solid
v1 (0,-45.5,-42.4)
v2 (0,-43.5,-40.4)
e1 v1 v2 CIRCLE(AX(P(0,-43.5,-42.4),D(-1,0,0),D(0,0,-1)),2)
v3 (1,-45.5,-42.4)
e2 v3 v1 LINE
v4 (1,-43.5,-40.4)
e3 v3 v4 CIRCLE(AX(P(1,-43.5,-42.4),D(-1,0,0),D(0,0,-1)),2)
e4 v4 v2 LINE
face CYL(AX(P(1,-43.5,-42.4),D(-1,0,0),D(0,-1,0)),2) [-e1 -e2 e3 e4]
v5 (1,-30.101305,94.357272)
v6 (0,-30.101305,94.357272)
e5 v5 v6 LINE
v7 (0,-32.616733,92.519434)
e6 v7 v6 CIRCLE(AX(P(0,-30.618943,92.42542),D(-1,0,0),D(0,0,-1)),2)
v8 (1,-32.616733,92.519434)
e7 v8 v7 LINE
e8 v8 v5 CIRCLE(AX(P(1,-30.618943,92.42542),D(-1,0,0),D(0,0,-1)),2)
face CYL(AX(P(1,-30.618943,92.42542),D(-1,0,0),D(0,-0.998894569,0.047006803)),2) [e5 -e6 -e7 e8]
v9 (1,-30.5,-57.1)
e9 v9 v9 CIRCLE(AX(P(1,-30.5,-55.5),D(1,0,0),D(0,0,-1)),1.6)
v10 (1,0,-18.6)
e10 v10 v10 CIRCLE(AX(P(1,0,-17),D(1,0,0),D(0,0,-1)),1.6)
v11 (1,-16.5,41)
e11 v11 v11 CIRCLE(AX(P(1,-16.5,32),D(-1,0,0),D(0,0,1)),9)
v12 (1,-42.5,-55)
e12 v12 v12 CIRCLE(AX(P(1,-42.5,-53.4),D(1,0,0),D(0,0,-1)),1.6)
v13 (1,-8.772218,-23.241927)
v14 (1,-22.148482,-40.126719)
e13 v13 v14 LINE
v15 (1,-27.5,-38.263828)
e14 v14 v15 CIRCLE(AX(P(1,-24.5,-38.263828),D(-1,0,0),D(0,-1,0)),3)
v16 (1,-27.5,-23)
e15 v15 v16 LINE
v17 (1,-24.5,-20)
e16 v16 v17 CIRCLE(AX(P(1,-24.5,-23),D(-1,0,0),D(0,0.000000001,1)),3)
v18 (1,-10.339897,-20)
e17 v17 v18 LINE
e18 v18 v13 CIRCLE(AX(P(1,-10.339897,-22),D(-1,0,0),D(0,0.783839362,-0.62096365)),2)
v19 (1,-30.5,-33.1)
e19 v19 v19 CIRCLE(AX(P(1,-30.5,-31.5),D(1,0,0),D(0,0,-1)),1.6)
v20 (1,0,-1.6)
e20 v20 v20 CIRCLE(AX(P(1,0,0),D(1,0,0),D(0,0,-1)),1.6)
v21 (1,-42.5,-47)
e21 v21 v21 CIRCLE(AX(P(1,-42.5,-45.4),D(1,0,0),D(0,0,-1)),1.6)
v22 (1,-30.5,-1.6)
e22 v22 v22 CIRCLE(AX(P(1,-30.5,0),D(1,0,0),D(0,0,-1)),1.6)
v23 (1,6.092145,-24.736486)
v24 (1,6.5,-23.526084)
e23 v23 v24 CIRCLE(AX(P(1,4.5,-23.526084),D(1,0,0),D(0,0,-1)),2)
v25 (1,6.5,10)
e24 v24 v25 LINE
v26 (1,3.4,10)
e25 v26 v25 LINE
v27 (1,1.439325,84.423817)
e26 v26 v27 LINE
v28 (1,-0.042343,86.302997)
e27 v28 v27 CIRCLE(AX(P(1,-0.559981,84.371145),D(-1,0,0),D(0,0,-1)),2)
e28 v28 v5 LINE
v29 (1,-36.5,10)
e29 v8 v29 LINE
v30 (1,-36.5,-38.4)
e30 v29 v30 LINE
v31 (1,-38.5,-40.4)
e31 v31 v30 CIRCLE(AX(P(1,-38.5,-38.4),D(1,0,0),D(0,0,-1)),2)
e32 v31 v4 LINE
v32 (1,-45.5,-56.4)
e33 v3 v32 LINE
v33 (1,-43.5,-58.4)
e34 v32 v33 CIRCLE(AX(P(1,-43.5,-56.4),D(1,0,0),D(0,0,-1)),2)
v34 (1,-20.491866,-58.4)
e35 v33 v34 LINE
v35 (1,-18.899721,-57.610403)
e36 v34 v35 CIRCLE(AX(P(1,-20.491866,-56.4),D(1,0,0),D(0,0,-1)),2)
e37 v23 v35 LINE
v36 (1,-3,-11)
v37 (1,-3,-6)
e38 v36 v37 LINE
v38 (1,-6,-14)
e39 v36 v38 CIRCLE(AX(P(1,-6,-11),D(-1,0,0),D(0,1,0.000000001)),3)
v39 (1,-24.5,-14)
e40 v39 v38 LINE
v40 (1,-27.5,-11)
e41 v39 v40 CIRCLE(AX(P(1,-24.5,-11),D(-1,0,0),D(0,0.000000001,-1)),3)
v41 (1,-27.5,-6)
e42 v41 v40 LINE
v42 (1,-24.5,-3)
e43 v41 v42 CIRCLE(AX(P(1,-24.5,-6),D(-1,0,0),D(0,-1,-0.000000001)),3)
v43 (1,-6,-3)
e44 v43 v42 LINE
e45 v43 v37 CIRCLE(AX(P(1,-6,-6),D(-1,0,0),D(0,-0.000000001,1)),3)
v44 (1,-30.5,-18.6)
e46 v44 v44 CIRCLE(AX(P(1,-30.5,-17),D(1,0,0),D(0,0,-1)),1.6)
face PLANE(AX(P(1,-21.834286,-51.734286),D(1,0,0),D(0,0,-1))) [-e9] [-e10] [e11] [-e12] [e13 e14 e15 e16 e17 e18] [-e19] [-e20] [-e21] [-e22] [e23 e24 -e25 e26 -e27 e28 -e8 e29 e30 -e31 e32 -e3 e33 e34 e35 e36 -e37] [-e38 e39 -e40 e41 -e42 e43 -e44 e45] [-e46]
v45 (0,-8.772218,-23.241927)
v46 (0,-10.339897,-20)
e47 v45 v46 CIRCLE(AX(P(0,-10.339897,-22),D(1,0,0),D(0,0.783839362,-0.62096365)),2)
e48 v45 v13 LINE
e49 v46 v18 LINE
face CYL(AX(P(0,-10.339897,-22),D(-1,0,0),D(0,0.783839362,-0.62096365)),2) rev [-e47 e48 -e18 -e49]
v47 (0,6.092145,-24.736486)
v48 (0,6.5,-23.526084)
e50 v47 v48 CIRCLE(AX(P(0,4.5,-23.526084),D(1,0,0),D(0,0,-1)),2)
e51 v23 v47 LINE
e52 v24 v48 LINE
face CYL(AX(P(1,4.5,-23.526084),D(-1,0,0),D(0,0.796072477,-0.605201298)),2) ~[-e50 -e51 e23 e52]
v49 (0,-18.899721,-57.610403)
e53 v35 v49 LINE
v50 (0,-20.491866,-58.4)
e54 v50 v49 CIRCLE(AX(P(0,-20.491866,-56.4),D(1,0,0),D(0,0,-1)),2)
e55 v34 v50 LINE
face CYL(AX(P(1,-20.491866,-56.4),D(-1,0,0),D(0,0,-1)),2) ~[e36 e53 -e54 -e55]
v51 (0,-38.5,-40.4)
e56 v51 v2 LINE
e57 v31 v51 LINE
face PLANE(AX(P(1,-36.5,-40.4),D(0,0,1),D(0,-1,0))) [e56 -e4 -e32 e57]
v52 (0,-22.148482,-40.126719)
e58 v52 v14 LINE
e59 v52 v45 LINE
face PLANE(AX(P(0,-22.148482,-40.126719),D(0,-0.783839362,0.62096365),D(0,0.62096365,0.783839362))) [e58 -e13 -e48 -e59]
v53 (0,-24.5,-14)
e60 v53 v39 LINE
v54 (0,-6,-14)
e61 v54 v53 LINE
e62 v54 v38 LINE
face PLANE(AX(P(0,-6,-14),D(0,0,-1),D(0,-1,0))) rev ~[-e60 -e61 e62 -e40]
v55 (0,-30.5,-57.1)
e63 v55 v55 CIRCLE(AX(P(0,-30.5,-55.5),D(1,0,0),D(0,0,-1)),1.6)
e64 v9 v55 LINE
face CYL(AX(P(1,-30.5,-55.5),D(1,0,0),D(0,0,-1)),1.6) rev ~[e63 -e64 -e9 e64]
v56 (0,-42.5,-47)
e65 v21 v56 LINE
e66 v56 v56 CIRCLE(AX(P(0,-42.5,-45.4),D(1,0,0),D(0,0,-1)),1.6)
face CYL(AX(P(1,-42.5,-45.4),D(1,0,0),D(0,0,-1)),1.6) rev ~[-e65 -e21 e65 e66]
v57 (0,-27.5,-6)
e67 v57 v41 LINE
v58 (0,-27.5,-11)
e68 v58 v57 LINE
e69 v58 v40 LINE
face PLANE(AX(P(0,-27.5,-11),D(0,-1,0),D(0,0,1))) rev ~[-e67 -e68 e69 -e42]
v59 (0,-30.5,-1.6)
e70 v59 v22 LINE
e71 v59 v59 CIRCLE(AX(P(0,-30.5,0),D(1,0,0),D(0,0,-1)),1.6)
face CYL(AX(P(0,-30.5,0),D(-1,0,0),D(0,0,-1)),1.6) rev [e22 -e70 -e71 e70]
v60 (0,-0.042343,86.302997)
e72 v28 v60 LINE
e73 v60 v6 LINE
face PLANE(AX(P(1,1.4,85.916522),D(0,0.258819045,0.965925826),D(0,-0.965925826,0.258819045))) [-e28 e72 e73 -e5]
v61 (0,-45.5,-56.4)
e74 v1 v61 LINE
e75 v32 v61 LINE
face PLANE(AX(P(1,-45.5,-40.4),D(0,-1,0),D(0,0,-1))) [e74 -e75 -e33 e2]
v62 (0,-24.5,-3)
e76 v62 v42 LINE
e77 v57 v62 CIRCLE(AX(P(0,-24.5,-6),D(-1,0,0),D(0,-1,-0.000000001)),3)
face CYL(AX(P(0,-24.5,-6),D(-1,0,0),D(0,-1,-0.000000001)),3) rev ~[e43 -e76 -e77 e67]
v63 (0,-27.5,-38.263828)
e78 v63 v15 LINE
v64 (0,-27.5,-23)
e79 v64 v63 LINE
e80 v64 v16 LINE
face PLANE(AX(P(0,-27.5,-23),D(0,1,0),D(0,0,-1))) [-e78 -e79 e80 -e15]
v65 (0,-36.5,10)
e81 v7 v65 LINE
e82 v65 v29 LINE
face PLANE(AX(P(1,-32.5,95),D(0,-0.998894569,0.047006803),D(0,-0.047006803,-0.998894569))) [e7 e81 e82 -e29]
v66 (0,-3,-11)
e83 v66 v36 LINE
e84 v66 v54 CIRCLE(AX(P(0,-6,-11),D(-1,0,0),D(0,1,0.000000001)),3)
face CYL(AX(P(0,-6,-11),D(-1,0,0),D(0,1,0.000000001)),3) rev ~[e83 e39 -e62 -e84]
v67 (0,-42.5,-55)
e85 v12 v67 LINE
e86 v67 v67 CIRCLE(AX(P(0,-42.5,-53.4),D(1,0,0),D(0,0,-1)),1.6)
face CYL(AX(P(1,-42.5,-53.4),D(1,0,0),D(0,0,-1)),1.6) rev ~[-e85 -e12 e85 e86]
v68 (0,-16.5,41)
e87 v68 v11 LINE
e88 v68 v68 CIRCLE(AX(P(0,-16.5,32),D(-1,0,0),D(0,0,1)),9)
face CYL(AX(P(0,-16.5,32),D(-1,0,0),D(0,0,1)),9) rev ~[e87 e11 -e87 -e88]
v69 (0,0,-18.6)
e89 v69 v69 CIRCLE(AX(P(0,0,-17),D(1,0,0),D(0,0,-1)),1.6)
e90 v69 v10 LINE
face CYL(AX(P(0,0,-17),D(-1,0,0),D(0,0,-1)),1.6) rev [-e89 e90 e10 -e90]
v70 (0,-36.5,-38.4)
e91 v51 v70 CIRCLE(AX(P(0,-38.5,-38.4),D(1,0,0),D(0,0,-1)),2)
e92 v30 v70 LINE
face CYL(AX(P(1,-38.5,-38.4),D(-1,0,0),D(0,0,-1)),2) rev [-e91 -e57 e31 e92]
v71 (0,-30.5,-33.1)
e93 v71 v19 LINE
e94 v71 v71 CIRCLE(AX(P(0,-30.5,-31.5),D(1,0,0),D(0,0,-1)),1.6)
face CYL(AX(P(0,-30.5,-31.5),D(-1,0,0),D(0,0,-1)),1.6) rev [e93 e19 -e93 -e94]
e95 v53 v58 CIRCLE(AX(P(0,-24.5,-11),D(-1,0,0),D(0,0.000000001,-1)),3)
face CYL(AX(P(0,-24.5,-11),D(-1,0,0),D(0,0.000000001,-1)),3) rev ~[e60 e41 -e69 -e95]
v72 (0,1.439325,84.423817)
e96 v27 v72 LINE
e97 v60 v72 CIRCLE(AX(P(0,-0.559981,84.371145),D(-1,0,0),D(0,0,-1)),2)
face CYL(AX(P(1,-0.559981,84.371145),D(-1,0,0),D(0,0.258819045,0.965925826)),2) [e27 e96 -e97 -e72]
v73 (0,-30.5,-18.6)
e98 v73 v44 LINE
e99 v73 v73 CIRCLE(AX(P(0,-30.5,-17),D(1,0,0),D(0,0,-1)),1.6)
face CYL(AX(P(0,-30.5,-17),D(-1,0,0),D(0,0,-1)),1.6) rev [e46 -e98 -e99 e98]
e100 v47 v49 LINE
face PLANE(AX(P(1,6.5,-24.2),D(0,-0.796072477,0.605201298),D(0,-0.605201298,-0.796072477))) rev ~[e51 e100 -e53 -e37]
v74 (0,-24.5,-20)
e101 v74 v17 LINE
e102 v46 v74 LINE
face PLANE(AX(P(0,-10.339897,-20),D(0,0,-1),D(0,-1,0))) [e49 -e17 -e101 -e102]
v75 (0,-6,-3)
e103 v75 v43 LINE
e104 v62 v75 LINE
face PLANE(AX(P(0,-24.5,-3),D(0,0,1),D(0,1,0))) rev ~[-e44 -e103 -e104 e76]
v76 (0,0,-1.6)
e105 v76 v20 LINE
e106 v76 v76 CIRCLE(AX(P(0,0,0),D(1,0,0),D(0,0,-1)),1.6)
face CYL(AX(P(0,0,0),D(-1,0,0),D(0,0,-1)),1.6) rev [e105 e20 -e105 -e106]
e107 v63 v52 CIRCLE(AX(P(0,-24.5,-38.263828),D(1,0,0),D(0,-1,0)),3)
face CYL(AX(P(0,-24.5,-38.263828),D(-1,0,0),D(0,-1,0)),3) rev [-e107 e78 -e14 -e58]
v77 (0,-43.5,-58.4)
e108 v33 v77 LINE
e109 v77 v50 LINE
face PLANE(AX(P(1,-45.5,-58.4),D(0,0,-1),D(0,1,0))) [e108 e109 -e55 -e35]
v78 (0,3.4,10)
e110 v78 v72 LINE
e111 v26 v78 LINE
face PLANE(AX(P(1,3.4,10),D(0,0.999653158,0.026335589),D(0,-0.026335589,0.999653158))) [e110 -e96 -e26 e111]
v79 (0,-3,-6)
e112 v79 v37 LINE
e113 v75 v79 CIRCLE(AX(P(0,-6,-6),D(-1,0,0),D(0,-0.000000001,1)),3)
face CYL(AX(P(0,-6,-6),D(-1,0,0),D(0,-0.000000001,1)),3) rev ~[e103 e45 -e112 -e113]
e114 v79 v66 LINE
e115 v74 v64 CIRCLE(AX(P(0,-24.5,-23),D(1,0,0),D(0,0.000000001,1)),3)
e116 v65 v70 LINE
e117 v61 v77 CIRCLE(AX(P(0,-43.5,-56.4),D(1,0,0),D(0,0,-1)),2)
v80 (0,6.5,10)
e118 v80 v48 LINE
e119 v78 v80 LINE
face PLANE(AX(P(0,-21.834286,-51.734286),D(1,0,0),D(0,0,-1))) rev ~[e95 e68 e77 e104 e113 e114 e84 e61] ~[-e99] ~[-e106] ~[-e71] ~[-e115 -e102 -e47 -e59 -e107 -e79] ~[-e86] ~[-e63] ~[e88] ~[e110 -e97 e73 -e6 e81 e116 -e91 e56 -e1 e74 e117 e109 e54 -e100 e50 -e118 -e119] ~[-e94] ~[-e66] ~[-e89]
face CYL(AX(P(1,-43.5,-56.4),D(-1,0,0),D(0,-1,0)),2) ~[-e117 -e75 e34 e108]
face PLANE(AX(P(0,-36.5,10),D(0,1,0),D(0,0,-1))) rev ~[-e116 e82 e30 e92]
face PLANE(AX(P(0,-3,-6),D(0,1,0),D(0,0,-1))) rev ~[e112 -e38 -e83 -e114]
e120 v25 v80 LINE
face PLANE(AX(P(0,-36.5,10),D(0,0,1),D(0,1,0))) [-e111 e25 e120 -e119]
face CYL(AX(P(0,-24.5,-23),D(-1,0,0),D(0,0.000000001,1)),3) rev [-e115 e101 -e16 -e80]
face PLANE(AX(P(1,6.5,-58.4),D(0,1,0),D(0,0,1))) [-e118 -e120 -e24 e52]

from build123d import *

# Parameters (mm, degrees)
SKETCH_1_W               = 58
SKETCH_1_H               = 44
SKETCH_1_R               = 1.6
EXTRUDE_1_DEPTH          = 1
SKETCH_2_W               = 132.5
SKETCH_2_H               = 90
EXTRUDE_2_DEPTH          = 1
SKETCH_6_W               = 15
SKETCH_6_H               = 90
CUT_EXTRUDE_4_DEPTH      = 1
CUT_EXTRUDE_4_DEPTH_BACK = 2
CUT_EXTRUDE_6_DEPTH      = 2
EXTRUDE_3_DEPTH          = 1
EXTRUDE_4_DEPTH          = 1
SKETCH_11_R              = 1.6
CUT_EXTRUDE_7_DEPTH      = 2
CUT_EXTRUDE_8_DEPTH      = 2
FILLET_3_R               = 2
SKETCH_14_R              = 1.6
CUT_EXTRUDE_9_DEPTH      = 2
SKETCH_15_R              = 9
CUT_EXTRUDE_10_DEPTH     = 2
CUT_EXTRUDE_11_DEPTH     = 2


with BuildPart() as part:
    # 草图1 → 凸台-拉伸1 (new body)
    with BuildSketch(Plane(origin=(0, 0, 0), x_dir=(0, 0, -1), z_dir=(1, 0, 0))):
        with Locations((19, -14.5)):
            Rectangle(SKETCH_1_W, SKETCH_1_H)
        Circle(SKETCH_1_R, mode=Mode.SUBTRACT)
        with Locations((17, 0)):
            Circle(SKETCH_1_R, mode=Mode.SUBTRACT)
        with Locations((0, -30.5)):
            Circle(SKETCH_1_R, mode=Mode.SUBTRACT)
        with Locations((17, -30.5)):
            Circle(SKETCH_1_R, mode=Mode.SUBTRACT)
        with Locations((31.5, -30.5)):
            Circle(SKETCH_1_R, mode=Mode.SUBTRACT)
    extrude(amount=EXTRUDE_1_DEPTH)

    # 草图2 → 凸台-拉伸2 (add)
    with BuildSketch(Plane(origin=(1, 0, 0), x_dir=(0, 0, -1), z_dir=(1, 0, 0))):
        with Locations((-18.25, 52.5)):
            Rectangle(SKETCH_2_W, SKETCH_2_H)
    extrude(amount=-EXTRUDE_2_DEPTH)

    # 草图6 → 切除-拉伸4 (cut, two sides)
    with BuildSketch(Plane(origin=(1, 0, 0), x_dir=(0, 0, -1), z_dir=(1, 0, 0))) as cut_extrude_4_sk:
        with Locations((40.5, 52.5)):
            Rectangle(SKETCH_6_W, SKETCH_6_H)
    extrude(amount=CUT_EXTRUDE_4_DEPTH, mode=Mode.SUBTRACT)
    extrude(cut_extrude_4_sk.sketch, amount=-CUT_EXTRUDE_4_DEPTH_BACK, mode=Mode.SUBTRACT)

    # 草图8 → 切除-拉伸6 (cut, through all)
    with BuildSketch(Plane(origin=(1, 0, 0), x_dir=(0, 0, -1), z_dir=(1, 0, 0))):
        Polygon((-84.5, 7.5), (-10, 7.5), (-10, 6.5), (48, 6.5), (48, 7.5), (33, 7.5), (33, 97.5), (-84.5, 97.5), align=None)
    extrude(amount=-CUT_EXTRUDE_6_DEPTH, mode=Mode.SUBTRACT)

    # 草图9 → 凸台-拉伸3 (add)
    with BuildSketch(Plane(origin=(1, 0, 0), x_dir=(0, 0, -1), z_dir=(1, 0, 0))):
        Polygon((-10, -32.5), (-10, 3.4), (-85.916522377, 1.4), (-95, -32.5), (-10, -36.5), align=None)
    extrude(amount=-EXTRUDE_3_DEPTH)

    # 草图10 → 凸台-拉伸4 (add)
    with BuildSketch(Plane(origin=(1, 0, 0), x_dir=(0, 0, -1), z_dir=(1, 0, 0))):
        Polygon((40.4, -45.5), (58.4, -45.5), (58.4, 6.5), (48, 6.5), (48, -36.5), (40.4, -36.5), align=None)
    extrude(amount=-EXTRUDE_4_DEPTH)

    # 草图11 → 切除-拉伸7 (cut, through all)
    with BuildSketch(Plane(origin=(1, 0, 0), x_dir=(0, 0, -1), z_dir=(1, 0, 0))):
        with Locations((45.4, -42.5)):
            Circle(SKETCH_11_R)
        with Locations((53.4, -42.5)):
            Circle(SKETCH_11_R)
    extrude(amount=-CUT_EXTRUDE_7_DEPTH, mode=Mode.SUBTRACT)

    # 草图13 → 切除-拉伸8 (cut, through all)
    with BuildSketch(Plane(origin=(1, 0, 0), x_dir=(0, 0, -1), z_dir=(1, 0, 0))):
        Polygon((24.2, 6.5), (58.4, -19.5), (58.4, 6.5), align=None)
    extrude(amount=-CUT_EXTRUDE_8_DEPTH, mode=Mode.SUBTRACT)

    # 圆角3
    fillet_3_edges = [part.edges().sort_by_distance(p)[0] for p in [
        (0.5, -32.5, 95),
        (0.5, 1.4, 85.916522377),
        (0.5, -45.5, -58.4),
        (0.5, -45.5, -40.4),
        (0.5, -36.5, -40.4),
        (0.5, 6.5, -24.2),
        (0.5, -19.5, -58.4),
    ]]
    fillet(fillet_3_edges, radius=FILLET_3_R)

    # 草图14 → 切除-拉伸9 (cut, through all)
    with BuildSketch(Plane(origin=(1, 0, 0), x_dir=(0, 0, -1), z_dir=(1, 0, 0))):
        with Locations((55.5, -30.5)):
            Circle(SKETCH_14_R)
    extrude(amount=-CUT_EXTRUDE_9_DEPTH, mode=Mode.SUBTRACT)

    # 草图15 → 切除-拉伸10 (cut, through all)
    with BuildSketch(Plane.ZY):
        with Locations((32, -16.5)):
            Circle(SKETCH_15_R)
    extrude(amount=-CUT_EXTRUDE_10_DEPTH, mode=Mode.SUBTRACT)

    # 草图16 → 切除-拉伸11 (cut, through all)
    with BuildSketch(Plane.ZY):
        with BuildLine():
            Line((-40.126719129, -22.148481915), (-23.2419273, -8.772218258))
            ThreePointArc((-23.2419273, -8.772218258), (-21.129326296, -8.5393617), (-20, -10.339896982))
            Line((-20, -10.339896982), (-20, -24.5))
            ThreePointArc((-20, -24.5), (-20.878679656, -26.621320344), (-23, -27.5))
            Line((-23, -27.5), (-31.5, -27.5))
            Line((-31.5, -27.5), (-38.263828178, -27.5))
            ThreePointArc((-38.263828178, -27.5), (-41.09707316, -25.48626714), (-40.126719129, -22.148481915))
        make_face()
        with BuildLine():
            Line((-14, -6), (-14, -24.5))
            ThreePointArc((-14, -24.5), (-13.121320344, -26.621320344), (-11, -27.5))
            Line((-11, -27.5), (-6, -27.5))
            ThreePointArc((-6, -27.5), (-3.878679656, -26.621320344), (-3, -24.5))
            Line((-3, -24.5), (-3, -6))
            ThreePointArc((-3, -6), (-3.878679656, -3.878679656), (-6, -3))
            Line((-6, -3), (-11, -3))
            ThreePointArc((-11, -3), (-13.121320344, -3.878679656), (-14, -6))
        make_face()
    extrude(amount=-CUT_EXTRUDE_11_DEPTH, mode=Mode.SUBTRACT)


solid = part.part
